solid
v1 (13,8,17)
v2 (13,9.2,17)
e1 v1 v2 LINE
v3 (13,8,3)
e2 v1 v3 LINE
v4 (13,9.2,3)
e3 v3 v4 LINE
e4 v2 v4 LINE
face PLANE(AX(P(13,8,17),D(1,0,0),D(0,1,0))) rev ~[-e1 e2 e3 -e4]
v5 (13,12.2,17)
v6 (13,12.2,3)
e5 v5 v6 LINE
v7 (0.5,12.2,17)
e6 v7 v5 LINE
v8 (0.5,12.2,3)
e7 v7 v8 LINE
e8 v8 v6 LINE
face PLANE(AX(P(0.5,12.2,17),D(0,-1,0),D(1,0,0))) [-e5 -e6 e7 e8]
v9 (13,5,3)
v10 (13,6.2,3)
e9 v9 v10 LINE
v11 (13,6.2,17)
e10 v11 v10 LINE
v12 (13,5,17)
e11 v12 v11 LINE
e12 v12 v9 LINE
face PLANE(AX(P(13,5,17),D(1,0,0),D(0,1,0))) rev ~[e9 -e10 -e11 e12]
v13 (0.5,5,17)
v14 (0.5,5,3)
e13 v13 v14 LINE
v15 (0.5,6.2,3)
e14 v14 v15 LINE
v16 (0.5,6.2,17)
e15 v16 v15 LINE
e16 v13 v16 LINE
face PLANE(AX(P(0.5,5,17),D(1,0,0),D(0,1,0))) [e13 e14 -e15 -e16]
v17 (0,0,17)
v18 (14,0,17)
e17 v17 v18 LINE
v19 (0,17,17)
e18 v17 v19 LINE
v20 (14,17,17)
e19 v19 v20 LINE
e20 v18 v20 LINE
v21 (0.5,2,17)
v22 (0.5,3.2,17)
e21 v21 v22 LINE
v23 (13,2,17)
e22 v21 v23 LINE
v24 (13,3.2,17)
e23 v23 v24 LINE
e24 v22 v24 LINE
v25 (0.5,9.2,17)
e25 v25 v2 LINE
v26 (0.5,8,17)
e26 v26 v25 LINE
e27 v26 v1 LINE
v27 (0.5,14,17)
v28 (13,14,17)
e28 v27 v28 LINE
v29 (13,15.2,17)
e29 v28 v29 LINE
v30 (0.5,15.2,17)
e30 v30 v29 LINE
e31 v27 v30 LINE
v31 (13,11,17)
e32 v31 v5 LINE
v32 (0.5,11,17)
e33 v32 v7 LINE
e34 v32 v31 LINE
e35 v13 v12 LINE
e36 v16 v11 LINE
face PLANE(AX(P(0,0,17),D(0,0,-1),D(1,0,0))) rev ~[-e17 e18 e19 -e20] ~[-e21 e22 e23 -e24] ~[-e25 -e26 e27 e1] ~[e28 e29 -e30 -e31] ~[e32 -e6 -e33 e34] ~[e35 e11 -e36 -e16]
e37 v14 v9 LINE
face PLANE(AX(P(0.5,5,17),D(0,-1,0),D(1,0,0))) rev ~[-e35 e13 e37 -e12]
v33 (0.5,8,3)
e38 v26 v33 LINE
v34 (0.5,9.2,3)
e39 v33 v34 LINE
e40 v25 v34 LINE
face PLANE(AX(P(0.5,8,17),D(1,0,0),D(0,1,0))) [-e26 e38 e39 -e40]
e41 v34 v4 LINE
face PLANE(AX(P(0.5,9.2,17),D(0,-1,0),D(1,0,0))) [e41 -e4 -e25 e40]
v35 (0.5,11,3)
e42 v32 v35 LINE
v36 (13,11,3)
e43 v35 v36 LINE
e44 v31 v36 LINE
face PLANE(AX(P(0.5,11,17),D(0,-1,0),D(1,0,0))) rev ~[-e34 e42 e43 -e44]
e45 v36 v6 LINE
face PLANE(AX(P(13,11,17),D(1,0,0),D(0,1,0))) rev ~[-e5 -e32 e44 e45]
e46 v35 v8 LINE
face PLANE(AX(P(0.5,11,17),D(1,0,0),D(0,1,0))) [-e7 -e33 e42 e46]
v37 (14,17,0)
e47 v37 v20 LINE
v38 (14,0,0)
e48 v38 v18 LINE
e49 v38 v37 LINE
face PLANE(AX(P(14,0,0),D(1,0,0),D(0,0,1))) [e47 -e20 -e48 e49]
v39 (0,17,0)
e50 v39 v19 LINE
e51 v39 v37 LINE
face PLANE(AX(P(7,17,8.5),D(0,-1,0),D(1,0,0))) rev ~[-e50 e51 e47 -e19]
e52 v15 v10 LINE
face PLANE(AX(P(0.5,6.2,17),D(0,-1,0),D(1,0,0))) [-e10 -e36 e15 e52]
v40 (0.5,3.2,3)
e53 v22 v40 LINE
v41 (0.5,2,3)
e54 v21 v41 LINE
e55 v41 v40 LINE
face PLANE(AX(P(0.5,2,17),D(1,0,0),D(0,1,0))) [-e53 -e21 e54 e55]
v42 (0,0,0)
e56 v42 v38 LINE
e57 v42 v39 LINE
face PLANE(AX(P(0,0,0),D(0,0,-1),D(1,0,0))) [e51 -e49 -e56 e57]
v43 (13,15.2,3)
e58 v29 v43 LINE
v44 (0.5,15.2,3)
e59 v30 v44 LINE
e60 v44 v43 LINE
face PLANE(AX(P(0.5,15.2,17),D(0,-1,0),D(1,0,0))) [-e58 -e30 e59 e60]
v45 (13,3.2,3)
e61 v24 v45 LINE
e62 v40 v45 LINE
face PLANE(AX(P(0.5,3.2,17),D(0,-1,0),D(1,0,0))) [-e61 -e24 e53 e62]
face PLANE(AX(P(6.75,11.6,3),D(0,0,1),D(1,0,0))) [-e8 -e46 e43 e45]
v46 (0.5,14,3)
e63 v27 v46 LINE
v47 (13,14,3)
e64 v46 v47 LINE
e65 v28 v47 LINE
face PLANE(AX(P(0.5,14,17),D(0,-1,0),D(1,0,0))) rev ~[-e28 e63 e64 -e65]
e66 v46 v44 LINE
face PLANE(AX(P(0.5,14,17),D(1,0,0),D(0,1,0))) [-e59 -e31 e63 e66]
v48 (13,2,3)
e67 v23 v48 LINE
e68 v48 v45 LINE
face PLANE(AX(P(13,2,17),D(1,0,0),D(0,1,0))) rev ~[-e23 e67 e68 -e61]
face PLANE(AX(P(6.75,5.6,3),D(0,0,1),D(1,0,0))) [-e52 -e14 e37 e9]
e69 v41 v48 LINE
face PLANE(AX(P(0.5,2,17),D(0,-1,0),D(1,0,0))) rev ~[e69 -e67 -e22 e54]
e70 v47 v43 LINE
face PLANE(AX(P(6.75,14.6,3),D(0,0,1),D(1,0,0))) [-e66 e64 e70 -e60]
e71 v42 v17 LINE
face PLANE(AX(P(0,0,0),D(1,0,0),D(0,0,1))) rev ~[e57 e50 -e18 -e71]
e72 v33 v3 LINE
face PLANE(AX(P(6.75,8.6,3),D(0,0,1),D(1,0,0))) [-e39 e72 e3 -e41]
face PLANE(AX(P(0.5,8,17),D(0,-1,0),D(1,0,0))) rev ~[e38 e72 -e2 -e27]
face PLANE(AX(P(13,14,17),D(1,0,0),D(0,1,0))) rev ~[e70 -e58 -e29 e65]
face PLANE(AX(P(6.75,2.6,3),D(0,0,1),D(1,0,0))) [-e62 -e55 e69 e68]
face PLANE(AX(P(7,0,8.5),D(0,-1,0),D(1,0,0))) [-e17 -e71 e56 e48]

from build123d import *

# Parameters (mm, degrees)
F0_W     = 14
F0_H     = 17
F1_DEPTH = 17
F2_W     = 12.5
F2_H     = 1.2
F3_DEPTH = 14


with BuildPart() as f1:
    # F0 (on Front) → F1 (new body)
    with BuildSketch(Plane.XZ):
        with Locations((7, 8.5)):
            Rectangle(F0_W, F0_H)
    extrude(amount=-F1_DEPTH)

    # F2 (on face) → F3 (cut)
    with BuildSketch(Plane.XY.offset(17)):
        with Locations((6.75, 2.6)):
            Rectangle(F2_W, F2_H)
        with Locations((6.75, 5.6)):
            Rectangle(F2_W, F2_H)
        with Locations((6.75, 8.6)):
            Rectangle(F2_W, F2_H)
        with Locations((6.75, 11.6)):
            Rectangle(F2_W, F2_H)
        with Locations((6.75, 14.6)):
            Rectangle(F2_W, F2_H)
    extrude(amount=-F3_DEPTH, mode=Mode.SUBTRACT)


solid = f1.part
